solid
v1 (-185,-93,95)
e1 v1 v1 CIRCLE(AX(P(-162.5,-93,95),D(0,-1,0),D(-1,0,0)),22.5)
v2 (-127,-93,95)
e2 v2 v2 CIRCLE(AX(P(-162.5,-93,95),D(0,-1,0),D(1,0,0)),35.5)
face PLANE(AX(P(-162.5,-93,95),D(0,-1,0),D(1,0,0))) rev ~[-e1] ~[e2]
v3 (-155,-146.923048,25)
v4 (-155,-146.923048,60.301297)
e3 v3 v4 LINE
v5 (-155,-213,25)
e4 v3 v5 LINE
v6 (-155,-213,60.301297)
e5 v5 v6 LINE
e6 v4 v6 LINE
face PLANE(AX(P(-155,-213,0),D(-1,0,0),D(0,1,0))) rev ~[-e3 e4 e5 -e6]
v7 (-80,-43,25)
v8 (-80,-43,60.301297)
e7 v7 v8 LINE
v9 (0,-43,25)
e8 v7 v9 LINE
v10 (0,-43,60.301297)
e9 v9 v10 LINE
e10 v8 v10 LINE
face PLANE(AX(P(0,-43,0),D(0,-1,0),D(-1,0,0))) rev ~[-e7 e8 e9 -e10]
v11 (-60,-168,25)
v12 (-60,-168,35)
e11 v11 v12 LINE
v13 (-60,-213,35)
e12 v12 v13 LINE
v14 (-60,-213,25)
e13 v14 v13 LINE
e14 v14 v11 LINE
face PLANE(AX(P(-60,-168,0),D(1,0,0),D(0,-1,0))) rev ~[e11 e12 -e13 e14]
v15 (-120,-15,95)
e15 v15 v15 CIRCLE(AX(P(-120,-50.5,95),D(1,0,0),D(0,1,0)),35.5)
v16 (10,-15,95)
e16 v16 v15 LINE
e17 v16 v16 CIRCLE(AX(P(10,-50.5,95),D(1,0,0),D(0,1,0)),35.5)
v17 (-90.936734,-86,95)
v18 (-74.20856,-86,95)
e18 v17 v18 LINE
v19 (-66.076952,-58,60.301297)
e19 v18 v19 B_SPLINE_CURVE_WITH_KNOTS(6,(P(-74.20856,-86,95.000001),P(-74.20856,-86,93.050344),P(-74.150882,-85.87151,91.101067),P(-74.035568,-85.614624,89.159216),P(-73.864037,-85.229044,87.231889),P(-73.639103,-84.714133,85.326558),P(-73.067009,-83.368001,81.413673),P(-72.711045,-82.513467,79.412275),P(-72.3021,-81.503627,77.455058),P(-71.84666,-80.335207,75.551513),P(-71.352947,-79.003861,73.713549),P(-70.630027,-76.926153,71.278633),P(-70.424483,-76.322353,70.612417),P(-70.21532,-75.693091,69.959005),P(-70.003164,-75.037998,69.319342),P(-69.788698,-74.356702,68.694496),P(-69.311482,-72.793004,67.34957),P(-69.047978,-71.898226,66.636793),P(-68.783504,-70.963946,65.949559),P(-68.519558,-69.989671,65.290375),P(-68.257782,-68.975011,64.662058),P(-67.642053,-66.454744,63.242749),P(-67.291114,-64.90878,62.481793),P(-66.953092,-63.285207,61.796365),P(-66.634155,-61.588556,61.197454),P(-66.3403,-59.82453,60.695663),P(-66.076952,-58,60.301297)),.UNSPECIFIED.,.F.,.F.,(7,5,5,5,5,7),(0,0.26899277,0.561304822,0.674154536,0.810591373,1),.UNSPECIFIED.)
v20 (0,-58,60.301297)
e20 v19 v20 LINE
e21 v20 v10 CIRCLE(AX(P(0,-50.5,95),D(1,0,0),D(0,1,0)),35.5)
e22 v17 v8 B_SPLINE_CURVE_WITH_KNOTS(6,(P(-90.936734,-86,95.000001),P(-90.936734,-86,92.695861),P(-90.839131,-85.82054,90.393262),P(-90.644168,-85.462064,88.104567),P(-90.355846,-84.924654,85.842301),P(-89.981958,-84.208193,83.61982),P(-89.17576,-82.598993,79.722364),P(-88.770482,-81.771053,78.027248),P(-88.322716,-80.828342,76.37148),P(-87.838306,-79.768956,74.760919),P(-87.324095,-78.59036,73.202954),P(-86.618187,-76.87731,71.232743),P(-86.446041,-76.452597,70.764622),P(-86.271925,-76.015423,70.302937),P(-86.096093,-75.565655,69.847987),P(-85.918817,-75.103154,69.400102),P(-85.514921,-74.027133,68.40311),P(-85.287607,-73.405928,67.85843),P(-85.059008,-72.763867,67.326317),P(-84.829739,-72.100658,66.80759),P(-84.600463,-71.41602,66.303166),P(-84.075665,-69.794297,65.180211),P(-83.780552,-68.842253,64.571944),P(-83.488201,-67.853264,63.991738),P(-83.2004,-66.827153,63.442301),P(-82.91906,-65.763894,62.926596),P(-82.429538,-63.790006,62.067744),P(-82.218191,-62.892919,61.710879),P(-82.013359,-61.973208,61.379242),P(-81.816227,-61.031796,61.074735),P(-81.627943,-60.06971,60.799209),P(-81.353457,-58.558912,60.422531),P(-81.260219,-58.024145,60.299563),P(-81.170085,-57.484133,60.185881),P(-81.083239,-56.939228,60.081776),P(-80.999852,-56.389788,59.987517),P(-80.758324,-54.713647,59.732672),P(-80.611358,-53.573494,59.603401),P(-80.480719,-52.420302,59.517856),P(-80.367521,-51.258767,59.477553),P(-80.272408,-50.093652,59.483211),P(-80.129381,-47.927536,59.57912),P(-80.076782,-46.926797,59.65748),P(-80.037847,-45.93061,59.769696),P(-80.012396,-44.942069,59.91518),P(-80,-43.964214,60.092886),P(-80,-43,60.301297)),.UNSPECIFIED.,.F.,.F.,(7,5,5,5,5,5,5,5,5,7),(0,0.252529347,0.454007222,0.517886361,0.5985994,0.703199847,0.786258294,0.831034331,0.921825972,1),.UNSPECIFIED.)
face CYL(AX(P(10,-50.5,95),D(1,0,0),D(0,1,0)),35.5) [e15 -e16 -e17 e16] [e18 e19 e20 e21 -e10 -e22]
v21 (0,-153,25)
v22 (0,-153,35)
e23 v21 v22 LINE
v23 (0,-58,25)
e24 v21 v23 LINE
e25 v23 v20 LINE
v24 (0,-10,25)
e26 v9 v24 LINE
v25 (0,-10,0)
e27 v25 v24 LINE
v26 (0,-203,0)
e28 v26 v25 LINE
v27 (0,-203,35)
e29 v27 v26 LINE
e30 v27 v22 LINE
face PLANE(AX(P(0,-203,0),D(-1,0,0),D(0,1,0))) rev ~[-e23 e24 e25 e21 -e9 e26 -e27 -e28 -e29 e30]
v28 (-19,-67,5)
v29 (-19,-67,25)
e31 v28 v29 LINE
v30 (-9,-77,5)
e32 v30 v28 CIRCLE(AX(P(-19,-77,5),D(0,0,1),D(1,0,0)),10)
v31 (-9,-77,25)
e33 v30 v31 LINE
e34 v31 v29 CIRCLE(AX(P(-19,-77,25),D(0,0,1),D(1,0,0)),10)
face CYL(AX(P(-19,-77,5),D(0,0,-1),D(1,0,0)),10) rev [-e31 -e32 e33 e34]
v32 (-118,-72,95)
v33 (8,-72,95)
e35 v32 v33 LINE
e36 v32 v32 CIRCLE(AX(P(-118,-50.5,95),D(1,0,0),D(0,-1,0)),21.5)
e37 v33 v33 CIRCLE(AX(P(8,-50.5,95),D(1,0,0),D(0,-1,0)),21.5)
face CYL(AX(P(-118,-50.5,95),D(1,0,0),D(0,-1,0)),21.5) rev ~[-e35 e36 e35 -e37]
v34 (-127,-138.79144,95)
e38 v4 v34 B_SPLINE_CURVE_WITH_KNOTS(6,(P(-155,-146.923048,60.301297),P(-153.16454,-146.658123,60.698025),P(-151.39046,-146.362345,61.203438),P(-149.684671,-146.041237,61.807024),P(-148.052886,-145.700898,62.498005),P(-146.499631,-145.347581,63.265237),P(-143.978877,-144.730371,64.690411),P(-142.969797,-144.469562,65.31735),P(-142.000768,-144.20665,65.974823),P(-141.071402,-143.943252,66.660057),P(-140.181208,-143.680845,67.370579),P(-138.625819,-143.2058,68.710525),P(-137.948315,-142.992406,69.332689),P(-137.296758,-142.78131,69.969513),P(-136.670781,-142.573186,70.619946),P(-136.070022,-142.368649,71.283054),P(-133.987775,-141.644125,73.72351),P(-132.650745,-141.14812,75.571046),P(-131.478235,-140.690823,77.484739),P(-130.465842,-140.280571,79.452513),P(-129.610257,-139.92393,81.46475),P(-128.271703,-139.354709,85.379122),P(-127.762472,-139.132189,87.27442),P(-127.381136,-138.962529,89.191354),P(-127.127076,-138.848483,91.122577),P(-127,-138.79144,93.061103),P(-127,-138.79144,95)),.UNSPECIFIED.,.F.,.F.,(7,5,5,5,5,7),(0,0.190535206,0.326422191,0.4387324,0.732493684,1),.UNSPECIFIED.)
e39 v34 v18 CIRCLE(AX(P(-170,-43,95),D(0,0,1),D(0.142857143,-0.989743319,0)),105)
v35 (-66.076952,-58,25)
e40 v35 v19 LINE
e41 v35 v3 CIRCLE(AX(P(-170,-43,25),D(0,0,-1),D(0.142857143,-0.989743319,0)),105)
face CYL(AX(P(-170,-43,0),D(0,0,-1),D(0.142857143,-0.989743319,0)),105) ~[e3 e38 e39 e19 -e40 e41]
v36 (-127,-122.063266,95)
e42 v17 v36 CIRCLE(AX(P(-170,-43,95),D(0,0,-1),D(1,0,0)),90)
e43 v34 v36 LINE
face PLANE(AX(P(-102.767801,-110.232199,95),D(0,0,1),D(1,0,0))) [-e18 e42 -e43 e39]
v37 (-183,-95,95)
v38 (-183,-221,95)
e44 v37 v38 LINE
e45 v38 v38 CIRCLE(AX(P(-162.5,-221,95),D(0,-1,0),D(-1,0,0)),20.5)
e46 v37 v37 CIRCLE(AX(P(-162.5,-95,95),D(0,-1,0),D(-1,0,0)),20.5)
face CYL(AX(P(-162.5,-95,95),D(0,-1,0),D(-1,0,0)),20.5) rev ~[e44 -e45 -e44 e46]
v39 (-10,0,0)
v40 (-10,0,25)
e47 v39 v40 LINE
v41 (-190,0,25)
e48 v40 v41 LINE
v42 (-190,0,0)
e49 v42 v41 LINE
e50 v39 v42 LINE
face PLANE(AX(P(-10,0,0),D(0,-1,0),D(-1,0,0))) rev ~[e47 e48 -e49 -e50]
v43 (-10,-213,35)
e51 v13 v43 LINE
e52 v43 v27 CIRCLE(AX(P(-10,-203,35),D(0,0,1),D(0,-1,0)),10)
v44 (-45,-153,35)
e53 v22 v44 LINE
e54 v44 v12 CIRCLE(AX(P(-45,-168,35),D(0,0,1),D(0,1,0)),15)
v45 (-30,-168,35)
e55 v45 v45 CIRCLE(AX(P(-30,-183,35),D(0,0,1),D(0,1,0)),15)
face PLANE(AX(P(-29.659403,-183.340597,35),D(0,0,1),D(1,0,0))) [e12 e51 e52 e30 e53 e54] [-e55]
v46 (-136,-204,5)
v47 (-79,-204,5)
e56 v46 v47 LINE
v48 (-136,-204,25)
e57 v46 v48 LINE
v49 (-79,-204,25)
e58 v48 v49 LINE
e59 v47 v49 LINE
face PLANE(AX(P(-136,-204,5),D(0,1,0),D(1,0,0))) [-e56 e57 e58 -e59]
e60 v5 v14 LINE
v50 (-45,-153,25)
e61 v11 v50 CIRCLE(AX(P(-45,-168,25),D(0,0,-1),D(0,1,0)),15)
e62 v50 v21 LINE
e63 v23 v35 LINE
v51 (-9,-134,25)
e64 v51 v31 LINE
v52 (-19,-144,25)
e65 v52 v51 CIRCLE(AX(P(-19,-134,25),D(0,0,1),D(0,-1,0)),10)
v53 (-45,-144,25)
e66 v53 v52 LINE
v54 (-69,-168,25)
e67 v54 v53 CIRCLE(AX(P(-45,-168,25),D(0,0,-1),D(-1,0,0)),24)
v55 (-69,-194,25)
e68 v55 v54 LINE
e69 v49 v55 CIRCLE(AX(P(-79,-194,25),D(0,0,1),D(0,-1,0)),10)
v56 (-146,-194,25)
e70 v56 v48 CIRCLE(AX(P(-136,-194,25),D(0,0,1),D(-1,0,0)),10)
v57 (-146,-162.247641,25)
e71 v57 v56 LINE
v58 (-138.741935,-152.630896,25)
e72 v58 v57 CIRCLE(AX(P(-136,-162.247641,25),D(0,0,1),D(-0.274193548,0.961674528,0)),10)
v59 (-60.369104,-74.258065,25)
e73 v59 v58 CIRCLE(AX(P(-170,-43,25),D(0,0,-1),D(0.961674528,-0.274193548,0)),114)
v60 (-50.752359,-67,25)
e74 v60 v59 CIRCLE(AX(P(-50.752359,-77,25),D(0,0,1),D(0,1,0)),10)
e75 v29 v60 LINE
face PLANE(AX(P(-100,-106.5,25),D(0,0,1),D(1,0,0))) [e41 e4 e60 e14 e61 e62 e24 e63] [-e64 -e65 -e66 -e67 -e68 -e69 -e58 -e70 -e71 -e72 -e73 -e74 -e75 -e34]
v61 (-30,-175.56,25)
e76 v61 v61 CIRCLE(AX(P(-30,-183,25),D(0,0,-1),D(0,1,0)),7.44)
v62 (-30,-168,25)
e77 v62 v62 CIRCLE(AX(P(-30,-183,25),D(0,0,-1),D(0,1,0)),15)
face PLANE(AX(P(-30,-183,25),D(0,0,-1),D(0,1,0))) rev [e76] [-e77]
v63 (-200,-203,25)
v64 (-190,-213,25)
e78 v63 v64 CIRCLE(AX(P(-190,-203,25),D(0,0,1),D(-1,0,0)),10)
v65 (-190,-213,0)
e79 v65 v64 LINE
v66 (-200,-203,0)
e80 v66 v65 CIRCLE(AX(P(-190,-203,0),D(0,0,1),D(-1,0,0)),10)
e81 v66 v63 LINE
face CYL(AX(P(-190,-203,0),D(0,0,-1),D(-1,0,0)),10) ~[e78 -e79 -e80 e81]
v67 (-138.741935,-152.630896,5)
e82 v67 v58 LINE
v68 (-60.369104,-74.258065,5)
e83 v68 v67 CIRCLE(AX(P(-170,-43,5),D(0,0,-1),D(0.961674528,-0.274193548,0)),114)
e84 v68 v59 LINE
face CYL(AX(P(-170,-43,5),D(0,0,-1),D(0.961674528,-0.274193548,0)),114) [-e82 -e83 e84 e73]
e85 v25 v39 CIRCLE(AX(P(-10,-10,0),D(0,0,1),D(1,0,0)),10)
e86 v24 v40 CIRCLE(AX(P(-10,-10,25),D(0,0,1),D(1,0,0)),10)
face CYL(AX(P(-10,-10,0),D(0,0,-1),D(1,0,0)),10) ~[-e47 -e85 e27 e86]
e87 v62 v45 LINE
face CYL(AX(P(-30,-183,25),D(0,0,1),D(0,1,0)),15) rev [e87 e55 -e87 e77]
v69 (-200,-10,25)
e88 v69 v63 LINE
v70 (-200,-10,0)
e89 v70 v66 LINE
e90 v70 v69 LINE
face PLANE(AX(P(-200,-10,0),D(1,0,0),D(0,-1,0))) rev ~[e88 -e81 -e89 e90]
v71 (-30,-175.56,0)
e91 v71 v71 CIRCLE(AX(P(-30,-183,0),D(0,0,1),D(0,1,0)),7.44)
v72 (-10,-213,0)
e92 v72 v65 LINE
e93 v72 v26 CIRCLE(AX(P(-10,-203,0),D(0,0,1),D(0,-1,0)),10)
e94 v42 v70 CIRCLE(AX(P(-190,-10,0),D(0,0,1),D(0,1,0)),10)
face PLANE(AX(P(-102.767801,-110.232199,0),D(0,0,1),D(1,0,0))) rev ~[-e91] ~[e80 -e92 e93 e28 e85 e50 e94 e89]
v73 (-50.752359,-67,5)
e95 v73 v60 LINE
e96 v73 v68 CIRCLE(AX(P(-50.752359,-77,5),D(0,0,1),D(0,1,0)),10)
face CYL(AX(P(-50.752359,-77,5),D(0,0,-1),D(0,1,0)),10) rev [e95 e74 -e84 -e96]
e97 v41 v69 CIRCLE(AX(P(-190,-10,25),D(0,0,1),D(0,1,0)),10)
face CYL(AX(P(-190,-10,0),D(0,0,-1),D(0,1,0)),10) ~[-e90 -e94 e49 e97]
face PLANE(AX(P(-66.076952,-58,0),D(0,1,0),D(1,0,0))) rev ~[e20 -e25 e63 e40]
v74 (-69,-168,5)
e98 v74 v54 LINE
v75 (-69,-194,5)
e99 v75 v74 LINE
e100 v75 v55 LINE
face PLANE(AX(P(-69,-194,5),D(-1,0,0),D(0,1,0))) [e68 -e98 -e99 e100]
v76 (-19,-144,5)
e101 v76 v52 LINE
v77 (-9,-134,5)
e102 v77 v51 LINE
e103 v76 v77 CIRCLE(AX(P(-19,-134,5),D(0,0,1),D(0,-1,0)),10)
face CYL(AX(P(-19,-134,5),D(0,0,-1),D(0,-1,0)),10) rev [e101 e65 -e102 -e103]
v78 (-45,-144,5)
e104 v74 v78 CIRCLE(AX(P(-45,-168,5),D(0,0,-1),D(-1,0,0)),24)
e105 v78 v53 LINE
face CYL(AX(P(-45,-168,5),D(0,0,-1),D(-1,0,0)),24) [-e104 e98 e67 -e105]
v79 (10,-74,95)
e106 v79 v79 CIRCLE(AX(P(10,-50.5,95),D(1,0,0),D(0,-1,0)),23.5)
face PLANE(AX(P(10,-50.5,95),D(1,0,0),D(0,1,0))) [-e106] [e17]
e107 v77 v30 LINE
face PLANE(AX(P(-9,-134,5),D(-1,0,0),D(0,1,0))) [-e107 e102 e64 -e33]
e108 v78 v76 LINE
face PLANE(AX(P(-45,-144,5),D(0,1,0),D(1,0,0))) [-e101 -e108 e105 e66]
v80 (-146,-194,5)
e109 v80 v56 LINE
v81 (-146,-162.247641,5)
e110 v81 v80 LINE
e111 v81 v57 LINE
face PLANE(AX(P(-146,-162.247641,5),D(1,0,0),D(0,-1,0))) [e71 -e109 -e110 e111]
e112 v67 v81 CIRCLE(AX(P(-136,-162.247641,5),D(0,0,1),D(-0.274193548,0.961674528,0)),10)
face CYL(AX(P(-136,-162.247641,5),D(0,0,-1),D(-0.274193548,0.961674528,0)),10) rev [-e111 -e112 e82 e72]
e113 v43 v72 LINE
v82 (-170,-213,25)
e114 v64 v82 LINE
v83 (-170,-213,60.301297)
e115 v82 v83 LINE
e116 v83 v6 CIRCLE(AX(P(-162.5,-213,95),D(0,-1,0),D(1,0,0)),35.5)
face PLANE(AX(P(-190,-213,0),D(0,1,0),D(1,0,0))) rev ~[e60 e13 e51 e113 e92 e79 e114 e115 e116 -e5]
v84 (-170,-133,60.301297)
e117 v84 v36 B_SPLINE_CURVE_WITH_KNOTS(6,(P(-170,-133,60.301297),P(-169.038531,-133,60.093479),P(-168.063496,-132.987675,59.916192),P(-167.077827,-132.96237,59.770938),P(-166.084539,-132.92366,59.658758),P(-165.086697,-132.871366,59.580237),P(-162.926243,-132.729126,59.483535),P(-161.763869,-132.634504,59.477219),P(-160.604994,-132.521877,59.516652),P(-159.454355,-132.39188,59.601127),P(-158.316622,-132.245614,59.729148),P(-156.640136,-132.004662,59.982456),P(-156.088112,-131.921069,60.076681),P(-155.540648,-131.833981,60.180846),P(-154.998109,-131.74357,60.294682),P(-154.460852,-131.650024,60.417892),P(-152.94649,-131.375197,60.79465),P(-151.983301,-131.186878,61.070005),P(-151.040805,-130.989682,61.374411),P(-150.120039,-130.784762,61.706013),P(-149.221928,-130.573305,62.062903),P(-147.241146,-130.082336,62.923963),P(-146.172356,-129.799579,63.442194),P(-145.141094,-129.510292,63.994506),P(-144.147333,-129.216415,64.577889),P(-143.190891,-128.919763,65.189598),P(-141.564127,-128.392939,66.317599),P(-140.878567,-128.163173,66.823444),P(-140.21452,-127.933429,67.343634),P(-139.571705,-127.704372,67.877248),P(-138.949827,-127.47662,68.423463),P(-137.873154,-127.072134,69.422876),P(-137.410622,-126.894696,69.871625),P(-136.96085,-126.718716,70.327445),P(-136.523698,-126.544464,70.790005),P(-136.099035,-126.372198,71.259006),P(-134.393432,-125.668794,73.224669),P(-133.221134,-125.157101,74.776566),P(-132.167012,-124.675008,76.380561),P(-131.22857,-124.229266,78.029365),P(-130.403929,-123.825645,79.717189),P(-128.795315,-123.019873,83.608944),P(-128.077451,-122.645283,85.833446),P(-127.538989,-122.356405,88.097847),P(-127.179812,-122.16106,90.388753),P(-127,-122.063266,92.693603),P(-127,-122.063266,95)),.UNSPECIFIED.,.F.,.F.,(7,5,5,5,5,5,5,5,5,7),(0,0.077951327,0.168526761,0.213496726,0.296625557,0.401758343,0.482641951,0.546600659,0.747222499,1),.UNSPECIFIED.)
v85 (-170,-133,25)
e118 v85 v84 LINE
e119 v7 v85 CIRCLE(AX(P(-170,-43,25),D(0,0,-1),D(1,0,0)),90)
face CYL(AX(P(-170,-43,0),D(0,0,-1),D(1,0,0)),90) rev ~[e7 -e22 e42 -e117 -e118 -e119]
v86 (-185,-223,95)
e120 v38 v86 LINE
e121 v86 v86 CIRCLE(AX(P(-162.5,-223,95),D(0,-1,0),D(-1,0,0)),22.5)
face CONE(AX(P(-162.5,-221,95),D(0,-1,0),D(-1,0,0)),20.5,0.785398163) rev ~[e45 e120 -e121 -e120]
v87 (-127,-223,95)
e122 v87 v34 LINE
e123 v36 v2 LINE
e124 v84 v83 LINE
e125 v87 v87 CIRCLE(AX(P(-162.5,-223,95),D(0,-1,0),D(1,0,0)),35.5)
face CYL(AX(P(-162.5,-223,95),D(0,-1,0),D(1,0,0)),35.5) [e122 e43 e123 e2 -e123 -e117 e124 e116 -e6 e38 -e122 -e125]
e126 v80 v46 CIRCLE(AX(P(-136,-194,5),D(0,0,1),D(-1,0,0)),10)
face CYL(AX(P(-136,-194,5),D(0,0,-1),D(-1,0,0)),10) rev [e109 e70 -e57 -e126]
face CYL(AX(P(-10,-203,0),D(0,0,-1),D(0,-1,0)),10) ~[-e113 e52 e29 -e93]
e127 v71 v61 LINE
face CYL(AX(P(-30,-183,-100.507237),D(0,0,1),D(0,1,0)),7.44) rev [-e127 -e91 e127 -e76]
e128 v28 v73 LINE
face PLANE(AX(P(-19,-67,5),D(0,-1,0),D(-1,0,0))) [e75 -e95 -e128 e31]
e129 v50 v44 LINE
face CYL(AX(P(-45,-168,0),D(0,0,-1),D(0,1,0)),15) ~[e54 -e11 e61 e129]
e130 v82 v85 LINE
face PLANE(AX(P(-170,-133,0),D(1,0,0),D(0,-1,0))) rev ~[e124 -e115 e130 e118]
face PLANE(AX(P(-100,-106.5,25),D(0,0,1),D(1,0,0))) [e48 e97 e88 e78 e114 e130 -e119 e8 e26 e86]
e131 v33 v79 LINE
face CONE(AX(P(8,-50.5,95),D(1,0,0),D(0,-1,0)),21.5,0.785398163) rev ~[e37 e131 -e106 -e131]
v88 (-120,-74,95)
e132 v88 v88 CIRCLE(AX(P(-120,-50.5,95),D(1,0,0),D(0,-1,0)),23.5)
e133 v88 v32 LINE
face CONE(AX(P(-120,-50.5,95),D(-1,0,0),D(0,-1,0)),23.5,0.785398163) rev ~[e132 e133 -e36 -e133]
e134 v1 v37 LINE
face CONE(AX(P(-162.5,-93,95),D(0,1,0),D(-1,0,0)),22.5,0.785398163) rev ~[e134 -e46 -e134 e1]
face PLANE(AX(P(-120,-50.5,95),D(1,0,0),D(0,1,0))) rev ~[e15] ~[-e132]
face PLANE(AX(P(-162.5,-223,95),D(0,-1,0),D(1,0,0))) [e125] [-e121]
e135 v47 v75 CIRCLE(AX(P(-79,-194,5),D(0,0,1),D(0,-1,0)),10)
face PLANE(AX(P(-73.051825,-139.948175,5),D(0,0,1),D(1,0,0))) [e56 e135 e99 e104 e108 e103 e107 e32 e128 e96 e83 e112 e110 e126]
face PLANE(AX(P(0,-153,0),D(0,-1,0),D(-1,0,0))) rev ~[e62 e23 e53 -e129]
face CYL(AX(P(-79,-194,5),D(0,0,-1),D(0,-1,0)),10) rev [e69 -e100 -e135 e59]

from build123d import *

# Parameters (mm, degrees)
F1_DEPTH  = 25
F3_DEPTH  = 95
F6_R      = 35.5
F7_DEPTH  = 130
F8_R      = 35.5
F9_DEPTH  = 130
F15_DEPTH = 35
F21_DEPTH = 20


with BuildPart() as f1:
    # F0 (on Top) → F1 (new body)
    with BuildSketch(Plane.XY):
        with BuildLine():
            ThreePointArc((0, -10), (-2.9289321881, -2.9289321881), (-10, 0))
            Line((-10, 0), (-190, 0))
            ThreePointArc((-190, 0), (-197.0710678119, -2.9289321881), (-200, -10))
            Line((-200, -10), (-200, -203))
            ThreePointArc((-200, -203), (-197.0710678119, -210.0710678119), (-190, -213))
            Line((-190, -213), (-10, -213))
            ThreePointArc((-10, -213), (-2.9289321881, -210.0710678119), (0, -203))
            Line((0, -203), (0, -10))
        make_face()
    extrude(amount=F1_DEPTH)

    # F2 (on Top) → F3 (join)
    with BuildSketch(Plane.XY):
        with BuildLine():
            Line((-170, -133), (-170, -213))
            Line((-170, -213), (-155, -213))
            Line((-155, -213), (-155, -146.9230484541))
            ThreePointArc((-155, -146.9230484541), (-95.7537879754, -117.2462120246), (-66.0769515459, -58))
            Line((-66.0769515459, -58), (0, -58))
            Line((0, -58), (0, -43))
            Line((0, -43), (-80, -43))
            ThreePointArc((-80, -43), (-106.3603896932, -106.6396103068), (-170, -133))
        make_face()
    extrude(amount=F3_DEPTH)

    # F6 (on offset) → F7 (join)
    with BuildSketch(Plane.XZ.offset(223)):
        with Locations((-162.5, 95)):
            Circle(F6_R)
    extrude(amount=-F7_DEPTH)

    # F8 (on offset) → F9 (join)
    with BuildSketch(Plane.YZ.offset(10)):
        with Locations((-50.5, 95)):
            Circle(F8_R)
    extrude(amount=-F9_DEPTH)

    # F10 (on face) → F11 (revolve, cut)
    with BuildSketch(Plane.XY.offset(95)):
        Polygon((-185, -223), (-162.5, -223), (-162.5, -93), (-185, -93), (-183, -95), (-183, -221), align=None)
    revolve(axis=Axis((-162.5, -243.6612894535, 95), (0, -1, 0)), mode=Mode.SUBTRACT)

    # F12 (on face) → F13 (revolve, cut)
    with BuildSketch(Plane.XY.offset(95)):
        Polygon((10, -50.5), (-120, -50.5), (-120, -74), (-118, -72), (8, -72), (10, -74), align=None)
    revolve(axis=Axis((19.2261292785, -50.5, 95), (1, 0, 0)), mode=Mode.SUBTRACT)

    # F14 (on Top) → F15 (join)
    with BuildSketch(Plane.XY):
        with BuildLine():
            Line((-60, -213), (-10, -213))
            ThreePointArc((-10, -213), (-2.9289321881, -210.0710678119), (0, -203))
            Line((0, -203), (0, -153))
            Line((0, -153), (-45, -153))
            ThreePointArc((-45, -153), (-55.6066017178, -157.3933982822), (-60, -168))
            Line((-60, -168), (-60, -213))
        make_face()
    extrude(amount=F15_DEPTH)

    # F17 (on offset) → F18 (revolve, cut)
    with BuildSketch(Plane.YZ.offset(-30)):
        Polygon((-168, 79.0162310004), (-183, 79.0162310004), (-183, -100.5072366447), (-175.56, -100.5072366447), (-175.56, 25), (-168, 25), align=None)
    revolve(axis=Axis((-30, -183, -109.5705961809), (0, 0, -1)), mode=Mode.SUBTRACT)

    # F20 (on offset) → F21 (cut, through all)
    with BuildSketch(Plane.XY.offset(5)):
        with BuildLine():
            ThreePointArc((-50.7523585139, -67), (-56.7765034807, -69.018165786), (-60.369103795, -74.2580645161))
            ThreePointArc((-60.369103795, -74.2580645161), (-89.3898269447, -123.6101730553), (-138.7419354839, -152.630896205))
            ThreePointArc((-138.7419354839, -152.630896205), (-143.981834214, -156.2234965193), (-146, -162.2476414861))
            Line((-146, -162.2476414861), (-146, -194))
            ThreePointArc((-146, -194), (-143.0710678119, -201.0710678119), (-136, -204))
            Line((-136, -204), (-79, -204))
            ThreePointArc((-79, -204), (-71.9289321881, -201.0710678119), (-69, -194))
            Line((-69, -194), (-69, -168))
            ThreePointArc((-69, -168), (-61.9705627485, -151.0294372515), (-45, -144))
            Line((-45, -144), (-19, -144))
            ThreePointArc((-19, -144), (-11.9289321881, -141.0710678119), (-9, -134))
            Line((-9, -134), (-9, -77))
            ThreePointArc((-9, -77), (-11.9289321881, -69.9289321881), (-19, -67))
            Line((-19, -67), (-50.7523585139, -67))
        make_face()
    extrude(amount=F21_DEPTH, mode=Mode.SUBTRACT)


solid = f1.part
